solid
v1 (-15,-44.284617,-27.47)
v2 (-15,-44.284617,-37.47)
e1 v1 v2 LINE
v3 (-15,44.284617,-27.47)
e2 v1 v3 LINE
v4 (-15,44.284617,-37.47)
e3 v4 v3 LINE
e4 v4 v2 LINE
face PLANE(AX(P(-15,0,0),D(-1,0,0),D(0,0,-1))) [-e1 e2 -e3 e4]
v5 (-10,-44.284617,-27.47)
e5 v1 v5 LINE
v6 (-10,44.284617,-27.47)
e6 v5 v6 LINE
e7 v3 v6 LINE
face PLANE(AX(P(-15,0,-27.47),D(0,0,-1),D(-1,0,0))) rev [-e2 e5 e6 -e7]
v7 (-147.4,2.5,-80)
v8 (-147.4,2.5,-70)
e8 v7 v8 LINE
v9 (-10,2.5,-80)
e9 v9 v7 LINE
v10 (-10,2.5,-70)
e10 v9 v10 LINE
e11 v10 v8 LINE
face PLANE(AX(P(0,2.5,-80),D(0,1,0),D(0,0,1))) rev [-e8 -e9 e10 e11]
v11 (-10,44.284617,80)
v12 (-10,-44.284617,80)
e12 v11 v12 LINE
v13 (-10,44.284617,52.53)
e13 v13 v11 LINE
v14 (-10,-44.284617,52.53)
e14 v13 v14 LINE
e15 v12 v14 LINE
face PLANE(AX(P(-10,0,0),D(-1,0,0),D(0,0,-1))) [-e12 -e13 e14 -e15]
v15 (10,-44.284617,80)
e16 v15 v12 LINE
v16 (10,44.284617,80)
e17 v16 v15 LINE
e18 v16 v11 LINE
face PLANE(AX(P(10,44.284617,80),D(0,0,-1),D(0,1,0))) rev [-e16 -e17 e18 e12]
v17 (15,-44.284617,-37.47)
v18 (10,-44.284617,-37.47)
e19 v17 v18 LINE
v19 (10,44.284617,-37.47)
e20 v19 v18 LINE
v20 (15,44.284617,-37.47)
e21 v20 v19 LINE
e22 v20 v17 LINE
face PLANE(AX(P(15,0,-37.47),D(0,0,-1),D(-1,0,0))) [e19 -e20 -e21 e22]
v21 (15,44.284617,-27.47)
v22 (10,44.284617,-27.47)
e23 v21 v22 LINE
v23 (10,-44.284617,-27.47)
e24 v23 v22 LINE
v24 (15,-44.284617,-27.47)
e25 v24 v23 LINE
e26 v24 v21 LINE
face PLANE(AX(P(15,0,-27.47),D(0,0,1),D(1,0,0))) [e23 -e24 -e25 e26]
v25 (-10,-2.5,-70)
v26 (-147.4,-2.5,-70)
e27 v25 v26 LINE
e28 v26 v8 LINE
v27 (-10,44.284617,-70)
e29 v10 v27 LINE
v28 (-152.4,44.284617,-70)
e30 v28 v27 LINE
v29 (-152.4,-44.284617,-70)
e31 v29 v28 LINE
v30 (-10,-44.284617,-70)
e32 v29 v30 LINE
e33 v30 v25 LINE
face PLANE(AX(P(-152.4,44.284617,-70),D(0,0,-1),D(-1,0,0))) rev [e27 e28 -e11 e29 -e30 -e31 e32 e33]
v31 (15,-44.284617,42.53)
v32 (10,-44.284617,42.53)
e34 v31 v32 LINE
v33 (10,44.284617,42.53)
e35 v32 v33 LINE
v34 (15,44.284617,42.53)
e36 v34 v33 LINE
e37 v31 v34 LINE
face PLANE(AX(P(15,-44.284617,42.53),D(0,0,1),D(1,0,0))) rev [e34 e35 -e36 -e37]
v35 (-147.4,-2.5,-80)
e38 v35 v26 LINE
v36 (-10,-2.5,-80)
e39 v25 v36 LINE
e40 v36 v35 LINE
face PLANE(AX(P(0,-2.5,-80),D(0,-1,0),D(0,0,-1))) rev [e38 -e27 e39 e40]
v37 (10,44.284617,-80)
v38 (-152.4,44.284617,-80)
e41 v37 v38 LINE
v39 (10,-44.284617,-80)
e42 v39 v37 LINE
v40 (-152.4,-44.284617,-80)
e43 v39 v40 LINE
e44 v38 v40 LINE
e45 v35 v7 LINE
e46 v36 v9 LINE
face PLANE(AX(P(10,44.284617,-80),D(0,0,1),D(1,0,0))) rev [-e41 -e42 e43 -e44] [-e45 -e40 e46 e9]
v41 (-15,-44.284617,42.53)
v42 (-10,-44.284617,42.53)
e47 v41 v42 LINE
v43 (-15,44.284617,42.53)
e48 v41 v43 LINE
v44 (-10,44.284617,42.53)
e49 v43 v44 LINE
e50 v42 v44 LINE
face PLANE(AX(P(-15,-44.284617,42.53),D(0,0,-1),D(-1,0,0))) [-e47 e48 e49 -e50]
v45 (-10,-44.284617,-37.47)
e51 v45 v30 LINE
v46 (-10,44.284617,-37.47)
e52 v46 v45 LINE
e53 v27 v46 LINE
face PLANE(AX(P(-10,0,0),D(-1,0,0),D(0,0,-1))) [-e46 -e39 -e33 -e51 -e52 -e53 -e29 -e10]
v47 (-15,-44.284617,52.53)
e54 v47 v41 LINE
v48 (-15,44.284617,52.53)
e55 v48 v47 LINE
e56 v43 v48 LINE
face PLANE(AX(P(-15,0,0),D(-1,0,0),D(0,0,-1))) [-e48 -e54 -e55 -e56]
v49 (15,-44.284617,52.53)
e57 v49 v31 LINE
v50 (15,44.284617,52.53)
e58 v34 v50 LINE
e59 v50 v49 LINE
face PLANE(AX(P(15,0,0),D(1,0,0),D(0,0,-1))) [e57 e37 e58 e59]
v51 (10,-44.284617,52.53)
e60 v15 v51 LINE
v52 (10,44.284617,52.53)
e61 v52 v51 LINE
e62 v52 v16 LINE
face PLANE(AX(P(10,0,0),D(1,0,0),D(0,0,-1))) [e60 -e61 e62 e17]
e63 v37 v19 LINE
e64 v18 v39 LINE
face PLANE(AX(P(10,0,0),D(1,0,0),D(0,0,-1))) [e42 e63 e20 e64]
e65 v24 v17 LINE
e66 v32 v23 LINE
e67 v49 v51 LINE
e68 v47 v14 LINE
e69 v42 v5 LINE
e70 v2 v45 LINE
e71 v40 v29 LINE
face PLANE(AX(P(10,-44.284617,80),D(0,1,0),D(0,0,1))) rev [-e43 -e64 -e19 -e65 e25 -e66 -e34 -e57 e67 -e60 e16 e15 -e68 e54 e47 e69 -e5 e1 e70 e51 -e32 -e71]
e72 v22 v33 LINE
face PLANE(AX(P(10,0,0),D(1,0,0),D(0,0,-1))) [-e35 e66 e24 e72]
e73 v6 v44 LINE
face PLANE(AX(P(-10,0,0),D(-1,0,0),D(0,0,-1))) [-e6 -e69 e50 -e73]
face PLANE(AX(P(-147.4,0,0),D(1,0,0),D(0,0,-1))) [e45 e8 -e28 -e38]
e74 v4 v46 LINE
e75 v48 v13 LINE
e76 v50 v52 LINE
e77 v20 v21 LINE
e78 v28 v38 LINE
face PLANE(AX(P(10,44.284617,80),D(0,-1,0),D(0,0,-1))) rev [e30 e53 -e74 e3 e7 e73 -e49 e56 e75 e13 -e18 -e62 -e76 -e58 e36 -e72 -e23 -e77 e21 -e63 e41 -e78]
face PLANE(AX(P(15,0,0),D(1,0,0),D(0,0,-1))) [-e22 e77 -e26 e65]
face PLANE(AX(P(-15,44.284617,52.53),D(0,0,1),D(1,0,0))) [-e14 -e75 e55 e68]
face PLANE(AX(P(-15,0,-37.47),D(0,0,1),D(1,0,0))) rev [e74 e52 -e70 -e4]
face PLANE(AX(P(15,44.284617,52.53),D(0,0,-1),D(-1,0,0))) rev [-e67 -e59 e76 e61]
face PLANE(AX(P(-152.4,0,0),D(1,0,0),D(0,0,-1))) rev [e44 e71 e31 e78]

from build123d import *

# Parameters (mm, degrees)
SKETCH2_W           = 160
SKETCH2_H           = 88.569233124
BOSS_EXTRUDE1_DEPTH = 10
SKETCH3_W           = 10
SKETCH3_H           = 88.569233124
BOSS_EXTRUDE2_DEPTH = 152.4
SKETCH4_W           = 10
SKETCH4_H           = 5
CUT_EXTRUDE6_DEPTH  = 152.4
SKETCH4_2_W         = 10
SKETCH4_2_H         = 5
BOSS_EXTRUDE3_DEPTH = 5
SKETCH6_W           = 10
SKETCH6_H           = 88.569233124
BOSS_EXTRUDE4_DEPTH = 5


with BuildPart() as part:
    # Sketch2 → Boss-Extrude1 (new body)
    with BuildSketch(Plane(origin=(0, 0, 0), x_dir=(0, 0, -1), z_dir=(1, 0, 0))):
        Rectangle(SKETCH2_W, SKETCH2_H)
    boss_extrude1 = extrude(amount=BOSS_EXTRUDE1_DEPTH)

    # Sketch3 → Boss-Extrude2 (add)
    with BuildSketch(Plane.ZY):
        with Locations((-75, 0)):
            Rectangle(SKETCH3_W, SKETCH3_H)
    extrude(amount=BOSS_EXTRUDE2_DEPTH)

    # Sketch4 → Cut-Extrude6 (cut)
    with BuildSketch(Plane.ZY.offset(152.4)):
        with Locations((-75, 0)):
            Rectangle(SKETCH4_W, SKETCH4_H)
    extrude(amount=-CUT_EXTRUDE6_DEPTH, mode=Mode.SUBTRACT)

    # Sketch4<2> → Boss-Extrude3 (add)
    with BuildSketch(Plane.ZY.offset(152.4)):
        with Locations((-75, 0)):
            Rectangle(SKETCH4_2_W, SKETCH4_2_H)
    extrude(amount=-BOSS_EXTRUDE3_DEPTH)

    # Sketch6 → Boss-Extrude4 (add)
    with BuildSketch(Plane(origin=(10, 0, 0), x_dir=(0, 0, -1), z_dir=(1, 0, 0))):
        with Locations((32.47, 0)):
            Rectangle(SKETCH6_W, SKETCH6_H)
        with Locations((-47.53, 0)):
            Rectangle(SKETCH6_W, SKETCH6_H)
    boss_extrude4 = extrude(amount=BOSS_EXTRUDE4_DEPTH)

    # Mirror2: Boss-Extrude1, Boss-Extrude4 across plane
    add(boss_extrude1.mirror(Plane(origin=(0, 0, 0), x_dir=(0, 0, 1), z_dir=(1, 0, 0))))
    add(boss_extrude4.mirror(Plane(origin=(0, 0, 0), x_dir=(0, 0, 1), z_dir=(1, 0, 0))))


solid = part.part
